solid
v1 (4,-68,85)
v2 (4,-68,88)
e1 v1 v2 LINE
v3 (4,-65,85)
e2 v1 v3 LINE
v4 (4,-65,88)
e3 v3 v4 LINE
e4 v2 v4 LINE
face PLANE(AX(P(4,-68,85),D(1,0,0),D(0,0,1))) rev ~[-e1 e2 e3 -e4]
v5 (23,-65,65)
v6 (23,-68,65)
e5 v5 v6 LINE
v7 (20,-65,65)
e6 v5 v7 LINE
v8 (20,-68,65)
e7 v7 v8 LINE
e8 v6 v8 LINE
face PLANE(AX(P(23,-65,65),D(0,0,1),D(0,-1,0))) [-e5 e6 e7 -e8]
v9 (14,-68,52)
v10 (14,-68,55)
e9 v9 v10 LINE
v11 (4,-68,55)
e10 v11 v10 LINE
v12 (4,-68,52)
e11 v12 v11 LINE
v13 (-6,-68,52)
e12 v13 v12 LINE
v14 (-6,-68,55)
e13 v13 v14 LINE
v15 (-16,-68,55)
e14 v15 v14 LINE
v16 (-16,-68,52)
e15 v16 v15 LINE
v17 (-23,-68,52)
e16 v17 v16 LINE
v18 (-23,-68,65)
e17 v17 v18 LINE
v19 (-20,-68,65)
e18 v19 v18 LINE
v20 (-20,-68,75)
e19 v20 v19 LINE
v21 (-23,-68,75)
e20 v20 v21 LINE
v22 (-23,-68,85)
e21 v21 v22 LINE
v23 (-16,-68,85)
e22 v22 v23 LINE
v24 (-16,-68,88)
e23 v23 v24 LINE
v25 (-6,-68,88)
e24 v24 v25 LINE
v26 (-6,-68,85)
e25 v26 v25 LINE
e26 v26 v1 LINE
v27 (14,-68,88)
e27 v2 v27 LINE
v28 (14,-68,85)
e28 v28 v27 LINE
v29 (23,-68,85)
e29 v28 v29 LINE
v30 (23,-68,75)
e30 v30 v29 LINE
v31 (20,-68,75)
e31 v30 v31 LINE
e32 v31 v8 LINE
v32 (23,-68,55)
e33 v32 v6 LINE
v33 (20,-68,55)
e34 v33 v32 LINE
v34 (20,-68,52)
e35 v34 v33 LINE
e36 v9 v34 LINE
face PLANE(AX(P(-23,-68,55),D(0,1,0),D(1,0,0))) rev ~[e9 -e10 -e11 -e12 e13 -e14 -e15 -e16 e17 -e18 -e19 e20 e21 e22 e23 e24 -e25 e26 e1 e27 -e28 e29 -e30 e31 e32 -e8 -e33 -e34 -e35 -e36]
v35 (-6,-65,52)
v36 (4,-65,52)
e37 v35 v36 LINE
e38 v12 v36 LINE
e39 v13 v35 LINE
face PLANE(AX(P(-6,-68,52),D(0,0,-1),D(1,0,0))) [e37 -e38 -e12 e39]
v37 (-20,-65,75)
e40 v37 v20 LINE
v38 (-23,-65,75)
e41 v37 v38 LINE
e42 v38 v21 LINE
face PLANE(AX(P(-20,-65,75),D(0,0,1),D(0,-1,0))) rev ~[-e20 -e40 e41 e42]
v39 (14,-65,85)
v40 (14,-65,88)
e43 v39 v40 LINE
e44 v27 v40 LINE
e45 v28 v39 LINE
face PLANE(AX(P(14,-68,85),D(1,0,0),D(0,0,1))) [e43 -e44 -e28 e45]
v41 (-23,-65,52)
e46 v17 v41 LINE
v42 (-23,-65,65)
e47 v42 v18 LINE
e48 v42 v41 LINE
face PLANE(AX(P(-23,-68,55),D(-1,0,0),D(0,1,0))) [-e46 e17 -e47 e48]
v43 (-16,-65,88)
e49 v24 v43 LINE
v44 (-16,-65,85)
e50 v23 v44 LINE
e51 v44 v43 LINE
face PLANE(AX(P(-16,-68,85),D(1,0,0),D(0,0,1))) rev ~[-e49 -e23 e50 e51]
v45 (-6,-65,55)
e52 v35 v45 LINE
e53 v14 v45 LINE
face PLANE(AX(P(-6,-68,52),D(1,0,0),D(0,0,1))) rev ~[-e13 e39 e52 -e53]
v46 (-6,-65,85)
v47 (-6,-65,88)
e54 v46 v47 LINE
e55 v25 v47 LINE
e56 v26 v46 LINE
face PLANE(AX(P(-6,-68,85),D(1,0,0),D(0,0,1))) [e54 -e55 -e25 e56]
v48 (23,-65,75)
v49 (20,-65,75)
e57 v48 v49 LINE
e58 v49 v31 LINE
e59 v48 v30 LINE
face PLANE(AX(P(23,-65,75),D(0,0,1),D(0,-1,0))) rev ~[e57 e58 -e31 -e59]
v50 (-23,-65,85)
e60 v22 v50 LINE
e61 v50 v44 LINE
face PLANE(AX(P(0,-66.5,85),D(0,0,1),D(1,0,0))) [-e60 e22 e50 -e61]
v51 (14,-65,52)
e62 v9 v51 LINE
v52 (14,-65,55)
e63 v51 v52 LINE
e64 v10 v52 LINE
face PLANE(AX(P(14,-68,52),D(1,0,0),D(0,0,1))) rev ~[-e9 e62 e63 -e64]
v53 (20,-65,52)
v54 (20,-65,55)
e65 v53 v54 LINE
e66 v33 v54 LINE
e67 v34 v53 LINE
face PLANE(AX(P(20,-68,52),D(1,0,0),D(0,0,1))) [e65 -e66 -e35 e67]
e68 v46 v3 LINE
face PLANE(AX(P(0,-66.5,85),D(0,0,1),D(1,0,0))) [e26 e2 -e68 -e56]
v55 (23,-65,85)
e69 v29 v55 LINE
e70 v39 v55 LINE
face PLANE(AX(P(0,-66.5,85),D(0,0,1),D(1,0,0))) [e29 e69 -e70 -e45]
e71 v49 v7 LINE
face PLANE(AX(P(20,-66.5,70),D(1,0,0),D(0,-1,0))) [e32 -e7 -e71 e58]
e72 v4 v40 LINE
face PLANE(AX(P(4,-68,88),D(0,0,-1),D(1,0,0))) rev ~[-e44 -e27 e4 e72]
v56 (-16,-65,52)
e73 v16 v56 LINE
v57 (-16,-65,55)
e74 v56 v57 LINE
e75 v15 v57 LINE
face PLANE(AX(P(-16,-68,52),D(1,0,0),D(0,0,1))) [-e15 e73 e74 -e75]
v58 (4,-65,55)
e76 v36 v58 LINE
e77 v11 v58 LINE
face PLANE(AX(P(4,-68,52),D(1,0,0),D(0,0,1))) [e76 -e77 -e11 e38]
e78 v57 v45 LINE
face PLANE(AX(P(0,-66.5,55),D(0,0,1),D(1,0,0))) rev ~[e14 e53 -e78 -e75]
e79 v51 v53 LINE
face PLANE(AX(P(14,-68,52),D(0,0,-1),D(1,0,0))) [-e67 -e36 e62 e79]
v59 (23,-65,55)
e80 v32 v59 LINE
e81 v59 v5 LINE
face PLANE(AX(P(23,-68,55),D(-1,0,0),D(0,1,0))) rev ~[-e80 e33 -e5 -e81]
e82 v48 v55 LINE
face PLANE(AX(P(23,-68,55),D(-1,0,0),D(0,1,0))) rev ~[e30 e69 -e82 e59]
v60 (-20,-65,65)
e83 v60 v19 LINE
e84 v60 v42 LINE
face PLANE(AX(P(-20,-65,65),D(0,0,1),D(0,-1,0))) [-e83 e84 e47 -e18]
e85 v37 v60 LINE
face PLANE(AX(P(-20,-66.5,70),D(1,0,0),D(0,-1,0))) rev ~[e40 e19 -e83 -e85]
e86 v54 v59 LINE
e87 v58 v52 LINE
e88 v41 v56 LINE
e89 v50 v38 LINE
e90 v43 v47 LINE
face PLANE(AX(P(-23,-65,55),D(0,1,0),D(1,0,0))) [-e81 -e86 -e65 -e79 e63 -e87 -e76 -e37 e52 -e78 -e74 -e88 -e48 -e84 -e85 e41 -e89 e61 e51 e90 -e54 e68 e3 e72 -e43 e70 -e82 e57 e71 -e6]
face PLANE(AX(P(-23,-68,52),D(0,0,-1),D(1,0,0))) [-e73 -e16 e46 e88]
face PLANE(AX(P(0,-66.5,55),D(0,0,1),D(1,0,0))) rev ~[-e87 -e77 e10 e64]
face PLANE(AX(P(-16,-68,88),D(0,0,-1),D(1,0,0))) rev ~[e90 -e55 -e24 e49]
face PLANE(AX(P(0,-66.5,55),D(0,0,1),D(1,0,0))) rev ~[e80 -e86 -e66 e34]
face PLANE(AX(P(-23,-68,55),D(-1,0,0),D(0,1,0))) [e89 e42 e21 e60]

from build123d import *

# Parameters (mm, degrees)
RECTANGLE160_W                          = 3
RECTANGLE160_H                          = 10
EXTRUDE207_DEPTH                        = 3
EXTRUDE206_DEPTH                        = 3
RECTANGLE062_AS_DRAWN_W                 = 7
RECTANGLE062_AS_DRAWN_H                 = 3
EXTRUDE072_DEPTH                        = 3
EXTRUDE072_ONTO_RECTANGLE062_ROLL_ANGLE = 90
RECTANGLE060_AS_DRAWN_W                 = 10
RECTANGLE060_AS_DRAWN_H                 = 3
EXTRUDE070_DEPTH                        = 3
EXTRUDE070_ONTO_RECTANGLE060_ROLL_ANGLE = 90
RECTANGLE058_AS_DRAWN_W                 = 6
RECTANGLE058_AS_DRAWN_H                 = 3
EXTRUDE068_DEPTH                        = 3
EXTRUDE068_ONTO_RECTANGLE058_ROLL_ANGLE = 90
BOX006_W                                = 46
BOX006_H                                = 3
BOX006_DEPTH                            = 30
RECTANGLE067_AS_DRAWN_W                 = 10
RECTANGLE067_AS_DRAWN_H                 = 3
EXTRUDE077_DEPTH                        = 3
EXTRUDE077_ONTO_RECTANGLE067_ROLL_ANGLE = 90
RECTANGLE066_AS_DRAWN_W                 = 10
RECTANGLE066_AS_DRAWN_H                 = 3
EXTRUDE076_DEPTH                        = 3
EXTRUDE076_ONTO_RECTANGLE066_ROLL_ANGLE = 90


with BuildPart() as extrude207:
    # Rectangle160 → Extrude207 (new body)
    with BuildSketch(Plane(origin=(24, -68, 75), x_dir=(0, -1, 0), z_dir=(1, 0, 0))):
        with Locations((-1.5, 5)):
            Rectangle(RECTANGLE160_W, RECTANGLE160_H)
    extrude(amount=-EXTRUDE207_DEPTH)


with BuildPart() as extrude207_1:
    # Extrude207 placement: moved
    add(extrude207.part.moved(Location((-44, 0, 0))))


with BuildPart() as fusion064065:
    # Rectangle160 → Extrude206 (new body)
    with BuildSketch(Plane(origin=(24, -68, 75), x_dir=(0, -1, 0), z_dir=(1, 0, 0))):
        with Locations((-1.5, 5)):
            Rectangle(RECTANGLE160_W, RECTANGLE160_H)
    extrude(amount=-EXTRUDE206_DEPTH)


with BuildPart() as fusion064065_1:
    # Extrude206 placement: moved
    add(fusion064065.part.moved(Location((-1, 0, 0))))

    # Fusion064065: union Extrude207
    add(extrude207_1.part)


with BuildPart() as extrude072:
    # Rectangle062 as drawn → Extrude072 (new)
    with BuildSketch(Plane.XY):
        with Locations((-3.5, -1.5)):
            Rectangle(RECTANGLE062_AS_DRAWN_W, RECTANGLE062_AS_DRAWN_H)
    extrude(amount=-EXTRUDE072_DEPTH)


with BuildPart() as extrude072_1:
    # Extrude072 onto Rectangle062 roll: moved
    add(extrude072.part.rotate(Axis((0, 0, 0), (1, 0, 0)), EXTRUDE072_ONTO_RECTANGLE062_ROLL_ANGLE))


with BuildPart() as extrude072_2:
    # Extrude072 onto Rectangle062 placement: moved
    add(extrude072_1.part.moved(Location((-16, -68, 55))))


with BuildPart() as extrude070:
    # Rectangle060 as drawn → Extrude070 (new)
    with BuildSketch(Plane.XY):
        with Locations((-5, -1.5)):
            Rectangle(RECTANGLE060_AS_DRAWN_W, RECTANGLE060_AS_DRAWN_H)
    extrude(amount=-EXTRUDE070_DEPTH)


with BuildPart() as extrude070_1:
    # Extrude070 onto Rectangle060 roll: moved
    add(extrude070.part.rotate(Axis((0, 0, 0), (1, 0, 0)), EXTRUDE070_ONTO_RECTANGLE060_ROLL_ANGLE))


with BuildPart() as extrude070_2:
    # Extrude070 onto Rectangle060 placement: moved
    add(extrude070_1.part.moved(Location((4, -68, 55))))


with BuildPart() as finger_joints_aa:
    # Rectangle058 as drawn → Extrude068 (new)
    with BuildSketch(Plane.XY):
        with Locations((-3, -1.5)):
            Rectangle(RECTANGLE058_AS_DRAWN_W, RECTANGLE058_AS_DRAWN_H)
    extrude(amount=-EXTRUDE068_DEPTH)


with BuildPart() as finger_joints_aa_1:
    # Extrude068 onto Rectangle058 roll: moved
    add(finger_joints_aa.part.rotate(Axis((0, 0, 0), (1, 0, 0)), EXTRUDE068_ONTO_RECTANGLE058_ROLL_ANGLE))


with BuildPart() as finger_joints_aa_2:
    # Extrude068 onto Rectangle058 placement: moved
    add(finger_joints_aa_1.part.moved(Location((20, -68, 55))))

    # Fusion054: union Extrude072, Extrude070
    add(extrude072_2.part)
    add(extrude070_2.part)


with BuildPart() as carraige_side_panel:
    # Box006 → Box006 (new body)
    with BuildSketch(Plane(origin=(-23, -68, 55), x_dir=(1, 0, 0), z_dir=(0, 0, 1))):
        with Locations((23, 1.5)):
            Rectangle(BOX006_W, BOX006_H)
    extrude(amount=BOX006_DEPTH)


with BuildPart() as finger_joints_bb002:
    # Rectangle067 as drawn → Extrude077 (new)
    with BuildSketch(Plane.XY):
        with Locations((-5, -1.5)):
            Rectangle(RECTANGLE067_AS_DRAWN_W, RECTANGLE067_AS_DRAWN_H)
    extrude(amount=-EXTRUDE077_DEPTH)


with BuildPart() as finger_joints_bb002_1:
    # Extrude077 onto Rectangle067 roll: moved
    add(finger_joints_bb002.part.rotate(Axis((0, 0, 0), (1, 0, 0)), EXTRUDE077_ONTO_RECTANGLE067_ROLL_ANGLE))


with BuildPart() as finger_joints_bb002_2:
    # Extrude077 onto Rectangle067 placement: moved
    add(finger_joints_bb002_1.part.moved(Location((-6, -68, 55))))


with BuildPart() as cut035055:
    # Rectangle066 as drawn → Extrude076 (new)
    with BuildSketch(Plane.XY):
        with Locations((-5, -1.5)):
            Rectangle(RECTANGLE066_AS_DRAWN_W, RECTANGLE066_AS_DRAWN_H)
    extrude(amount=-EXTRUDE076_DEPTH)


with BuildPart() as cut035055_1:
    # Extrude076 onto Rectangle066 roll: moved
    add(cut035055.part.rotate(Axis((0, 0, 0), (1, 0, 0)), EXTRUDE076_ONTO_RECTANGLE066_ROLL_ANGLE))


with BuildPart() as cut035055_2:
    # Extrude076 onto Rectangle066 placement: moved
    add(cut035055_1.part.moved(Location((14, -68, 55))))

    # Fusion057: union Finger joints bb002
    add(finger_joints_bb002_2.part)


with BuildPart() as cut035055_3:
    # Fusion057 placement: moved
    add(cut035055_2.part.moved(Location((0, 0, 33))))

    # Fusion059: union Finger joints aa, Carraige side panel
    add(finger_joints_aa_2.part)
    add(carraige_side_panel.part)

    # Cut035055: cut Fusion064065
    add(fusion064065_1.part, mode=Mode.SUBTRACT)


solid = cut035055_3.part
